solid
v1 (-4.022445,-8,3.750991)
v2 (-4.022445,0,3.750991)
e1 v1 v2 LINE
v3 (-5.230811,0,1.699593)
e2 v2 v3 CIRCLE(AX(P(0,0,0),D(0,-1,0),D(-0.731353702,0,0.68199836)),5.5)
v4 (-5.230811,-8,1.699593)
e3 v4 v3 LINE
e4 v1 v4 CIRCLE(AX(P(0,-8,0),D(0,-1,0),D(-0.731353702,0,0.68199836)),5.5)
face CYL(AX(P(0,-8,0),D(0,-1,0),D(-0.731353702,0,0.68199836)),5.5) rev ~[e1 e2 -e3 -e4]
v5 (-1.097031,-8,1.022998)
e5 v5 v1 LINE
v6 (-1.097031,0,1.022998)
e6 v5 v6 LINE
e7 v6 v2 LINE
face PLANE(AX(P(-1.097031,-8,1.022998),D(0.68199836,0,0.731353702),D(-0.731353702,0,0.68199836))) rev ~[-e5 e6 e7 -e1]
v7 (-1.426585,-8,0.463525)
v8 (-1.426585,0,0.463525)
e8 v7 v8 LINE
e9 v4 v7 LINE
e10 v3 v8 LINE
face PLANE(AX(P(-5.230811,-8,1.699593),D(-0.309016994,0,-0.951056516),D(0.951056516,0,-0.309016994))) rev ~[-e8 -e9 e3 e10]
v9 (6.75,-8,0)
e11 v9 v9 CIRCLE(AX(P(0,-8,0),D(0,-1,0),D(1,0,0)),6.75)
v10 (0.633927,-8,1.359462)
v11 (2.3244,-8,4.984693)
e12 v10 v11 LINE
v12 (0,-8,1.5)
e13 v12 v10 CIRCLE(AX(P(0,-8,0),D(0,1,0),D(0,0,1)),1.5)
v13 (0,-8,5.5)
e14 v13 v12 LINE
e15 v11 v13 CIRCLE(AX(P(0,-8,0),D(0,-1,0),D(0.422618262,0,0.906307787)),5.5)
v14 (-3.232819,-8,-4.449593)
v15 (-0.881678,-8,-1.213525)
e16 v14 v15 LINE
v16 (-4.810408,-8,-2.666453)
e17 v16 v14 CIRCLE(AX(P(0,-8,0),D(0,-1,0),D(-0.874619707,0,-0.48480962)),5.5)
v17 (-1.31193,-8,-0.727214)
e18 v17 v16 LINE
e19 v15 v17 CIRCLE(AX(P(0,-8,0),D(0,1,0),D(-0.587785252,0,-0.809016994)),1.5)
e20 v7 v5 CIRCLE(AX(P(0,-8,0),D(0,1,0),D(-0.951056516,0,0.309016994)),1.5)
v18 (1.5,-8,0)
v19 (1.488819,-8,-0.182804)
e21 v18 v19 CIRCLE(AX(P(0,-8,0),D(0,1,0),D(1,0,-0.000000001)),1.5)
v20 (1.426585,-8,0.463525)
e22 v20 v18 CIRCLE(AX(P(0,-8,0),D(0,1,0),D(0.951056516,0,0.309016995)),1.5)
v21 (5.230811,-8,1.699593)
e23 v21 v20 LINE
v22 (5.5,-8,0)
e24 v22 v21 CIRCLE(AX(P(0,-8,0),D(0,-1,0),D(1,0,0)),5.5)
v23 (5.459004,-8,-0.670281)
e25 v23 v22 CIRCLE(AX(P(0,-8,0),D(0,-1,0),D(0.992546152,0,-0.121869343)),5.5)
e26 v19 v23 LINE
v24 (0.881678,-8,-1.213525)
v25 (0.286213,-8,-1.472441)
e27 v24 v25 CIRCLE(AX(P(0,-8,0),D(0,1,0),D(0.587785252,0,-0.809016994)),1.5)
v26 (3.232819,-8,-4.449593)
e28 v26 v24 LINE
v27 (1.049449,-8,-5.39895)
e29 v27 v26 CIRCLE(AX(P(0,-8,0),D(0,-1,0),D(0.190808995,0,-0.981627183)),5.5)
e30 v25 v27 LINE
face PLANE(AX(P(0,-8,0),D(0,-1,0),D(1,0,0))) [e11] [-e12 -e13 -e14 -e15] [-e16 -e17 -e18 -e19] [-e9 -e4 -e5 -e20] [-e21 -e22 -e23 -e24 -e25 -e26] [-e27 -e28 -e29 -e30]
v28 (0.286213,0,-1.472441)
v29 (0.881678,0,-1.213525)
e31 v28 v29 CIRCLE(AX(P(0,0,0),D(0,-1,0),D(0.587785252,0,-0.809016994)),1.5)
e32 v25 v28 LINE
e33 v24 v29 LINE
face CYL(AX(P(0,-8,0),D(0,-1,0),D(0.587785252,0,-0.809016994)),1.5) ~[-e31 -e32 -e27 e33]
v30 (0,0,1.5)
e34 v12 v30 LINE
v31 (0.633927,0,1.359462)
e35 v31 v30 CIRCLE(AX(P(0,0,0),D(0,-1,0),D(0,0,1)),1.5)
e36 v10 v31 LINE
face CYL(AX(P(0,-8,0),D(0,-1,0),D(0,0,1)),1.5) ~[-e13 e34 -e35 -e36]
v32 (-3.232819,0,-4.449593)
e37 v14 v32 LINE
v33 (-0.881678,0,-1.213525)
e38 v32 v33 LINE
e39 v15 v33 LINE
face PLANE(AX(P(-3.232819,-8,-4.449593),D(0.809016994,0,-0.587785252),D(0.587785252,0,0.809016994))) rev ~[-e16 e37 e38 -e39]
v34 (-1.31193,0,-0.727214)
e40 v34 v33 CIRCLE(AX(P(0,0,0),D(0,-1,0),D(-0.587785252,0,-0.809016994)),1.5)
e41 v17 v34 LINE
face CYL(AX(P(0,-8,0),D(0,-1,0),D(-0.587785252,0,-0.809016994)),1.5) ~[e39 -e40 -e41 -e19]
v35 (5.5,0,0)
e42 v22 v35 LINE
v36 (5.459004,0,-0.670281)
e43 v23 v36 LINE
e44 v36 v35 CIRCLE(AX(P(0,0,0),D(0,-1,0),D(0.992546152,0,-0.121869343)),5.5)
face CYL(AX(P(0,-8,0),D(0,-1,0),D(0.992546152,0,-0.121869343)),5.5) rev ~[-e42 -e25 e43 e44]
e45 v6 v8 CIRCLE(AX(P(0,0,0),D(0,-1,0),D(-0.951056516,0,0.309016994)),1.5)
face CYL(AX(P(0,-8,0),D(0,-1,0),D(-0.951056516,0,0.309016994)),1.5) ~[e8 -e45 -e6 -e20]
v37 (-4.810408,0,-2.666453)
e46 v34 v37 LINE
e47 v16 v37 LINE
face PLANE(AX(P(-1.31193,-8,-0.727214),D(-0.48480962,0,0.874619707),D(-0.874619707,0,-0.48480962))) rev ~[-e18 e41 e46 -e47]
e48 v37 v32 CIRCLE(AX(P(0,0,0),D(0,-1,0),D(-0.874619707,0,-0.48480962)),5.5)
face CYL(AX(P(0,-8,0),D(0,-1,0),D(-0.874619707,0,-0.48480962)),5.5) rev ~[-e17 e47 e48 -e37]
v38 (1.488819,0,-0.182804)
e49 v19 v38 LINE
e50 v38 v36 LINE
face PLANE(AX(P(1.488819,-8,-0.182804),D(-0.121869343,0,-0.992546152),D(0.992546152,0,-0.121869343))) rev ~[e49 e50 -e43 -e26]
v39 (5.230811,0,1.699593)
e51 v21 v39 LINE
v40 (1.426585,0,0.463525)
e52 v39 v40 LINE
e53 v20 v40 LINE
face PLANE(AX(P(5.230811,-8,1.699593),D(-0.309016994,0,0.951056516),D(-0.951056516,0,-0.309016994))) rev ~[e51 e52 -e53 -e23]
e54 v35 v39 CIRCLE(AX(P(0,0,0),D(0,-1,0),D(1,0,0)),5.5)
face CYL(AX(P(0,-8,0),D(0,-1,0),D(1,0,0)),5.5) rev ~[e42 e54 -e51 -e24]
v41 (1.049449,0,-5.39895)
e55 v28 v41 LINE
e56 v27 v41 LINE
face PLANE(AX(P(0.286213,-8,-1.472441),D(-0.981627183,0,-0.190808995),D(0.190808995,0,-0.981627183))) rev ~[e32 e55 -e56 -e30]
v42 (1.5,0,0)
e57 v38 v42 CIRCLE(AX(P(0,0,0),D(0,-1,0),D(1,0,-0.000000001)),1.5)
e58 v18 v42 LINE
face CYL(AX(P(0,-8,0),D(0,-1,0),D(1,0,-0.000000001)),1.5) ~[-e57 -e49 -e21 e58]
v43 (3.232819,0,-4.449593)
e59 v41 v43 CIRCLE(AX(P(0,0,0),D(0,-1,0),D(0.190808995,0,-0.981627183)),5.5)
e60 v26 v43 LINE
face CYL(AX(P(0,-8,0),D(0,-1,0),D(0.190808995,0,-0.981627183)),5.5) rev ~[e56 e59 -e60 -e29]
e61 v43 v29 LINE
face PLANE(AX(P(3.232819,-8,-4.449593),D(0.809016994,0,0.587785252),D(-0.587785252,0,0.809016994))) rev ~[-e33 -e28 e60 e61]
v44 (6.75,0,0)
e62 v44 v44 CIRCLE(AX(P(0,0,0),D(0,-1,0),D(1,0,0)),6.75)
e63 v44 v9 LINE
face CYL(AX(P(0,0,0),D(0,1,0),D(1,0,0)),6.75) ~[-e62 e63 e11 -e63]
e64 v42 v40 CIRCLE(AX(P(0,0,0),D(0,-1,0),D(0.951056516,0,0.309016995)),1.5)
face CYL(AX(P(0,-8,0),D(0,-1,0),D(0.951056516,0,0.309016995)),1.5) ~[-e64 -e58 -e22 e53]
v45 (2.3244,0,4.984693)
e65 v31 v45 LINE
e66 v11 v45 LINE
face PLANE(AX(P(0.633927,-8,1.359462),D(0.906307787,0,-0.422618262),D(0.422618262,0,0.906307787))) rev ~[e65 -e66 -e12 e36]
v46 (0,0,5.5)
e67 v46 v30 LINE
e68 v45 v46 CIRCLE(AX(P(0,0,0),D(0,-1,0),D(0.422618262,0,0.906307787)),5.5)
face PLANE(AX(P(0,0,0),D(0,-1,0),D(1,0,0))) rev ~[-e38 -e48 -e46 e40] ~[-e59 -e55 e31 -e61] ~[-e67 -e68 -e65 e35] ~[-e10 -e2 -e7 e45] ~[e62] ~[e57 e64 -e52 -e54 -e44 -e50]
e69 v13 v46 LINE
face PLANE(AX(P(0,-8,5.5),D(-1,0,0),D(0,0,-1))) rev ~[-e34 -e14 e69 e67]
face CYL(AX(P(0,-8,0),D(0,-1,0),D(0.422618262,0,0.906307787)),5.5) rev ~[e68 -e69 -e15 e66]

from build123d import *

# Parameters (mm, degrees)
F0_R     = 6.75
F1_DEPTH = 8
F3_DEPTH = 8.001


with BuildPart() as f1:
    # F0 (on Front) → F1 (new body)
    with BuildSketch(Plane.XZ):
        Circle(F0_R)
    extrude(amount=F1_DEPTH)

    # F2 (on face) → F3 (cut, through all)
    with BuildSketch(Plane.XZ.offset(8)):
        with BuildLine():
            ThreePointArc((-1.4265847744, 0.4635254916), (-1.2924437407, 0.7613075444), (-1.0970305524, 1.0229975401))
            Line((-1.0970305524, 1.0229975401), (-4.0224453589, 3.7509909803))
            ThreePointArc((-4.0224453589, 3.7509909803), (-4.7389603824, 2.7914609963), (-5.2308108396, 1.6995934691))
            Line((-5.2308108396, 1.6995934691), (-1.4265847744, 0.4635254916))
        make_face()
        with BuildLine():
            ThreePointArc((0, 1.5), (0.3246594209, 1.4644440107), (0.6339273926, 1.3594616806))
            Line((0.6339273926, 1.3594616806), (2.3244004396, 4.9846928287))
            ThreePointArc((2.3244004396, 4.9846928287), (1.1904178767, 5.3696280392), (0, 5.5))
            Line((0, 5.5), (0, 1.5))
        make_face()
        with BuildLine():
            ThreePointArc((1.4265847744, 0.4635254916), (1.4815325109, 0.2346516976), (1.5, 0))
            ThreePointArc((1.5, 0), (1.4972021976, -0.0915728093), (1.4888192275, -0.1828040151))
            Line((1.4888192275, -0.1828040151), (5.459003834, -0.6702813887))
            ThreePointArc((5.459003834, -0.6702813887), (5.4897413913, -0.3357669674), (5.5, 0))
            ThreePointArc((5.5, 0), (5.4322858733, 0.8603895577), (5.2308108396, 1.6995934691))
            Line((5.2308108396, 1.6995934691), (1.4265847744, 0.4635254916))
        make_face()
        with BuildLine():
            Line((3.2328188876, -4.4495934691), (0.8816778784, -1.2135254916))
            ThreePointArc((0.8816778784, -1.2135254916), (0.5981236034, -1.3755901116), (0.2862134931, -1.4724407752))
            Line((0.2862134931, -1.4724407752), (1.0494494746, -5.398949509))
            ThreePointArc((1.0494494746, -5.398949509), (2.1931198791, -5.0438304091), (3.2328188876, -4.4495934691))
        make_face()
        with BuildLine():
            Line((-3.2328188876, -4.4495934691), (-0.8816778784, -1.2135254916))
            ThreePointArc((-0.8816778784, -1.2135254916), (-1.1234335812, -0.9939300723), (-1.3119295607, -0.7272144304))
            Line((-1.3119295607, -0.7272144304), (-4.8104083893, -2.6664529114))
            ThreePointArc((-4.8104083893, -2.6664529114), (-4.1192564643, -3.6444102652), (-3.2328188876, -4.4495934691))
        make_face()
    extrude(amount=-F3_DEPTH, mode=Mode.SUBTRACT)


solid = f1.part
